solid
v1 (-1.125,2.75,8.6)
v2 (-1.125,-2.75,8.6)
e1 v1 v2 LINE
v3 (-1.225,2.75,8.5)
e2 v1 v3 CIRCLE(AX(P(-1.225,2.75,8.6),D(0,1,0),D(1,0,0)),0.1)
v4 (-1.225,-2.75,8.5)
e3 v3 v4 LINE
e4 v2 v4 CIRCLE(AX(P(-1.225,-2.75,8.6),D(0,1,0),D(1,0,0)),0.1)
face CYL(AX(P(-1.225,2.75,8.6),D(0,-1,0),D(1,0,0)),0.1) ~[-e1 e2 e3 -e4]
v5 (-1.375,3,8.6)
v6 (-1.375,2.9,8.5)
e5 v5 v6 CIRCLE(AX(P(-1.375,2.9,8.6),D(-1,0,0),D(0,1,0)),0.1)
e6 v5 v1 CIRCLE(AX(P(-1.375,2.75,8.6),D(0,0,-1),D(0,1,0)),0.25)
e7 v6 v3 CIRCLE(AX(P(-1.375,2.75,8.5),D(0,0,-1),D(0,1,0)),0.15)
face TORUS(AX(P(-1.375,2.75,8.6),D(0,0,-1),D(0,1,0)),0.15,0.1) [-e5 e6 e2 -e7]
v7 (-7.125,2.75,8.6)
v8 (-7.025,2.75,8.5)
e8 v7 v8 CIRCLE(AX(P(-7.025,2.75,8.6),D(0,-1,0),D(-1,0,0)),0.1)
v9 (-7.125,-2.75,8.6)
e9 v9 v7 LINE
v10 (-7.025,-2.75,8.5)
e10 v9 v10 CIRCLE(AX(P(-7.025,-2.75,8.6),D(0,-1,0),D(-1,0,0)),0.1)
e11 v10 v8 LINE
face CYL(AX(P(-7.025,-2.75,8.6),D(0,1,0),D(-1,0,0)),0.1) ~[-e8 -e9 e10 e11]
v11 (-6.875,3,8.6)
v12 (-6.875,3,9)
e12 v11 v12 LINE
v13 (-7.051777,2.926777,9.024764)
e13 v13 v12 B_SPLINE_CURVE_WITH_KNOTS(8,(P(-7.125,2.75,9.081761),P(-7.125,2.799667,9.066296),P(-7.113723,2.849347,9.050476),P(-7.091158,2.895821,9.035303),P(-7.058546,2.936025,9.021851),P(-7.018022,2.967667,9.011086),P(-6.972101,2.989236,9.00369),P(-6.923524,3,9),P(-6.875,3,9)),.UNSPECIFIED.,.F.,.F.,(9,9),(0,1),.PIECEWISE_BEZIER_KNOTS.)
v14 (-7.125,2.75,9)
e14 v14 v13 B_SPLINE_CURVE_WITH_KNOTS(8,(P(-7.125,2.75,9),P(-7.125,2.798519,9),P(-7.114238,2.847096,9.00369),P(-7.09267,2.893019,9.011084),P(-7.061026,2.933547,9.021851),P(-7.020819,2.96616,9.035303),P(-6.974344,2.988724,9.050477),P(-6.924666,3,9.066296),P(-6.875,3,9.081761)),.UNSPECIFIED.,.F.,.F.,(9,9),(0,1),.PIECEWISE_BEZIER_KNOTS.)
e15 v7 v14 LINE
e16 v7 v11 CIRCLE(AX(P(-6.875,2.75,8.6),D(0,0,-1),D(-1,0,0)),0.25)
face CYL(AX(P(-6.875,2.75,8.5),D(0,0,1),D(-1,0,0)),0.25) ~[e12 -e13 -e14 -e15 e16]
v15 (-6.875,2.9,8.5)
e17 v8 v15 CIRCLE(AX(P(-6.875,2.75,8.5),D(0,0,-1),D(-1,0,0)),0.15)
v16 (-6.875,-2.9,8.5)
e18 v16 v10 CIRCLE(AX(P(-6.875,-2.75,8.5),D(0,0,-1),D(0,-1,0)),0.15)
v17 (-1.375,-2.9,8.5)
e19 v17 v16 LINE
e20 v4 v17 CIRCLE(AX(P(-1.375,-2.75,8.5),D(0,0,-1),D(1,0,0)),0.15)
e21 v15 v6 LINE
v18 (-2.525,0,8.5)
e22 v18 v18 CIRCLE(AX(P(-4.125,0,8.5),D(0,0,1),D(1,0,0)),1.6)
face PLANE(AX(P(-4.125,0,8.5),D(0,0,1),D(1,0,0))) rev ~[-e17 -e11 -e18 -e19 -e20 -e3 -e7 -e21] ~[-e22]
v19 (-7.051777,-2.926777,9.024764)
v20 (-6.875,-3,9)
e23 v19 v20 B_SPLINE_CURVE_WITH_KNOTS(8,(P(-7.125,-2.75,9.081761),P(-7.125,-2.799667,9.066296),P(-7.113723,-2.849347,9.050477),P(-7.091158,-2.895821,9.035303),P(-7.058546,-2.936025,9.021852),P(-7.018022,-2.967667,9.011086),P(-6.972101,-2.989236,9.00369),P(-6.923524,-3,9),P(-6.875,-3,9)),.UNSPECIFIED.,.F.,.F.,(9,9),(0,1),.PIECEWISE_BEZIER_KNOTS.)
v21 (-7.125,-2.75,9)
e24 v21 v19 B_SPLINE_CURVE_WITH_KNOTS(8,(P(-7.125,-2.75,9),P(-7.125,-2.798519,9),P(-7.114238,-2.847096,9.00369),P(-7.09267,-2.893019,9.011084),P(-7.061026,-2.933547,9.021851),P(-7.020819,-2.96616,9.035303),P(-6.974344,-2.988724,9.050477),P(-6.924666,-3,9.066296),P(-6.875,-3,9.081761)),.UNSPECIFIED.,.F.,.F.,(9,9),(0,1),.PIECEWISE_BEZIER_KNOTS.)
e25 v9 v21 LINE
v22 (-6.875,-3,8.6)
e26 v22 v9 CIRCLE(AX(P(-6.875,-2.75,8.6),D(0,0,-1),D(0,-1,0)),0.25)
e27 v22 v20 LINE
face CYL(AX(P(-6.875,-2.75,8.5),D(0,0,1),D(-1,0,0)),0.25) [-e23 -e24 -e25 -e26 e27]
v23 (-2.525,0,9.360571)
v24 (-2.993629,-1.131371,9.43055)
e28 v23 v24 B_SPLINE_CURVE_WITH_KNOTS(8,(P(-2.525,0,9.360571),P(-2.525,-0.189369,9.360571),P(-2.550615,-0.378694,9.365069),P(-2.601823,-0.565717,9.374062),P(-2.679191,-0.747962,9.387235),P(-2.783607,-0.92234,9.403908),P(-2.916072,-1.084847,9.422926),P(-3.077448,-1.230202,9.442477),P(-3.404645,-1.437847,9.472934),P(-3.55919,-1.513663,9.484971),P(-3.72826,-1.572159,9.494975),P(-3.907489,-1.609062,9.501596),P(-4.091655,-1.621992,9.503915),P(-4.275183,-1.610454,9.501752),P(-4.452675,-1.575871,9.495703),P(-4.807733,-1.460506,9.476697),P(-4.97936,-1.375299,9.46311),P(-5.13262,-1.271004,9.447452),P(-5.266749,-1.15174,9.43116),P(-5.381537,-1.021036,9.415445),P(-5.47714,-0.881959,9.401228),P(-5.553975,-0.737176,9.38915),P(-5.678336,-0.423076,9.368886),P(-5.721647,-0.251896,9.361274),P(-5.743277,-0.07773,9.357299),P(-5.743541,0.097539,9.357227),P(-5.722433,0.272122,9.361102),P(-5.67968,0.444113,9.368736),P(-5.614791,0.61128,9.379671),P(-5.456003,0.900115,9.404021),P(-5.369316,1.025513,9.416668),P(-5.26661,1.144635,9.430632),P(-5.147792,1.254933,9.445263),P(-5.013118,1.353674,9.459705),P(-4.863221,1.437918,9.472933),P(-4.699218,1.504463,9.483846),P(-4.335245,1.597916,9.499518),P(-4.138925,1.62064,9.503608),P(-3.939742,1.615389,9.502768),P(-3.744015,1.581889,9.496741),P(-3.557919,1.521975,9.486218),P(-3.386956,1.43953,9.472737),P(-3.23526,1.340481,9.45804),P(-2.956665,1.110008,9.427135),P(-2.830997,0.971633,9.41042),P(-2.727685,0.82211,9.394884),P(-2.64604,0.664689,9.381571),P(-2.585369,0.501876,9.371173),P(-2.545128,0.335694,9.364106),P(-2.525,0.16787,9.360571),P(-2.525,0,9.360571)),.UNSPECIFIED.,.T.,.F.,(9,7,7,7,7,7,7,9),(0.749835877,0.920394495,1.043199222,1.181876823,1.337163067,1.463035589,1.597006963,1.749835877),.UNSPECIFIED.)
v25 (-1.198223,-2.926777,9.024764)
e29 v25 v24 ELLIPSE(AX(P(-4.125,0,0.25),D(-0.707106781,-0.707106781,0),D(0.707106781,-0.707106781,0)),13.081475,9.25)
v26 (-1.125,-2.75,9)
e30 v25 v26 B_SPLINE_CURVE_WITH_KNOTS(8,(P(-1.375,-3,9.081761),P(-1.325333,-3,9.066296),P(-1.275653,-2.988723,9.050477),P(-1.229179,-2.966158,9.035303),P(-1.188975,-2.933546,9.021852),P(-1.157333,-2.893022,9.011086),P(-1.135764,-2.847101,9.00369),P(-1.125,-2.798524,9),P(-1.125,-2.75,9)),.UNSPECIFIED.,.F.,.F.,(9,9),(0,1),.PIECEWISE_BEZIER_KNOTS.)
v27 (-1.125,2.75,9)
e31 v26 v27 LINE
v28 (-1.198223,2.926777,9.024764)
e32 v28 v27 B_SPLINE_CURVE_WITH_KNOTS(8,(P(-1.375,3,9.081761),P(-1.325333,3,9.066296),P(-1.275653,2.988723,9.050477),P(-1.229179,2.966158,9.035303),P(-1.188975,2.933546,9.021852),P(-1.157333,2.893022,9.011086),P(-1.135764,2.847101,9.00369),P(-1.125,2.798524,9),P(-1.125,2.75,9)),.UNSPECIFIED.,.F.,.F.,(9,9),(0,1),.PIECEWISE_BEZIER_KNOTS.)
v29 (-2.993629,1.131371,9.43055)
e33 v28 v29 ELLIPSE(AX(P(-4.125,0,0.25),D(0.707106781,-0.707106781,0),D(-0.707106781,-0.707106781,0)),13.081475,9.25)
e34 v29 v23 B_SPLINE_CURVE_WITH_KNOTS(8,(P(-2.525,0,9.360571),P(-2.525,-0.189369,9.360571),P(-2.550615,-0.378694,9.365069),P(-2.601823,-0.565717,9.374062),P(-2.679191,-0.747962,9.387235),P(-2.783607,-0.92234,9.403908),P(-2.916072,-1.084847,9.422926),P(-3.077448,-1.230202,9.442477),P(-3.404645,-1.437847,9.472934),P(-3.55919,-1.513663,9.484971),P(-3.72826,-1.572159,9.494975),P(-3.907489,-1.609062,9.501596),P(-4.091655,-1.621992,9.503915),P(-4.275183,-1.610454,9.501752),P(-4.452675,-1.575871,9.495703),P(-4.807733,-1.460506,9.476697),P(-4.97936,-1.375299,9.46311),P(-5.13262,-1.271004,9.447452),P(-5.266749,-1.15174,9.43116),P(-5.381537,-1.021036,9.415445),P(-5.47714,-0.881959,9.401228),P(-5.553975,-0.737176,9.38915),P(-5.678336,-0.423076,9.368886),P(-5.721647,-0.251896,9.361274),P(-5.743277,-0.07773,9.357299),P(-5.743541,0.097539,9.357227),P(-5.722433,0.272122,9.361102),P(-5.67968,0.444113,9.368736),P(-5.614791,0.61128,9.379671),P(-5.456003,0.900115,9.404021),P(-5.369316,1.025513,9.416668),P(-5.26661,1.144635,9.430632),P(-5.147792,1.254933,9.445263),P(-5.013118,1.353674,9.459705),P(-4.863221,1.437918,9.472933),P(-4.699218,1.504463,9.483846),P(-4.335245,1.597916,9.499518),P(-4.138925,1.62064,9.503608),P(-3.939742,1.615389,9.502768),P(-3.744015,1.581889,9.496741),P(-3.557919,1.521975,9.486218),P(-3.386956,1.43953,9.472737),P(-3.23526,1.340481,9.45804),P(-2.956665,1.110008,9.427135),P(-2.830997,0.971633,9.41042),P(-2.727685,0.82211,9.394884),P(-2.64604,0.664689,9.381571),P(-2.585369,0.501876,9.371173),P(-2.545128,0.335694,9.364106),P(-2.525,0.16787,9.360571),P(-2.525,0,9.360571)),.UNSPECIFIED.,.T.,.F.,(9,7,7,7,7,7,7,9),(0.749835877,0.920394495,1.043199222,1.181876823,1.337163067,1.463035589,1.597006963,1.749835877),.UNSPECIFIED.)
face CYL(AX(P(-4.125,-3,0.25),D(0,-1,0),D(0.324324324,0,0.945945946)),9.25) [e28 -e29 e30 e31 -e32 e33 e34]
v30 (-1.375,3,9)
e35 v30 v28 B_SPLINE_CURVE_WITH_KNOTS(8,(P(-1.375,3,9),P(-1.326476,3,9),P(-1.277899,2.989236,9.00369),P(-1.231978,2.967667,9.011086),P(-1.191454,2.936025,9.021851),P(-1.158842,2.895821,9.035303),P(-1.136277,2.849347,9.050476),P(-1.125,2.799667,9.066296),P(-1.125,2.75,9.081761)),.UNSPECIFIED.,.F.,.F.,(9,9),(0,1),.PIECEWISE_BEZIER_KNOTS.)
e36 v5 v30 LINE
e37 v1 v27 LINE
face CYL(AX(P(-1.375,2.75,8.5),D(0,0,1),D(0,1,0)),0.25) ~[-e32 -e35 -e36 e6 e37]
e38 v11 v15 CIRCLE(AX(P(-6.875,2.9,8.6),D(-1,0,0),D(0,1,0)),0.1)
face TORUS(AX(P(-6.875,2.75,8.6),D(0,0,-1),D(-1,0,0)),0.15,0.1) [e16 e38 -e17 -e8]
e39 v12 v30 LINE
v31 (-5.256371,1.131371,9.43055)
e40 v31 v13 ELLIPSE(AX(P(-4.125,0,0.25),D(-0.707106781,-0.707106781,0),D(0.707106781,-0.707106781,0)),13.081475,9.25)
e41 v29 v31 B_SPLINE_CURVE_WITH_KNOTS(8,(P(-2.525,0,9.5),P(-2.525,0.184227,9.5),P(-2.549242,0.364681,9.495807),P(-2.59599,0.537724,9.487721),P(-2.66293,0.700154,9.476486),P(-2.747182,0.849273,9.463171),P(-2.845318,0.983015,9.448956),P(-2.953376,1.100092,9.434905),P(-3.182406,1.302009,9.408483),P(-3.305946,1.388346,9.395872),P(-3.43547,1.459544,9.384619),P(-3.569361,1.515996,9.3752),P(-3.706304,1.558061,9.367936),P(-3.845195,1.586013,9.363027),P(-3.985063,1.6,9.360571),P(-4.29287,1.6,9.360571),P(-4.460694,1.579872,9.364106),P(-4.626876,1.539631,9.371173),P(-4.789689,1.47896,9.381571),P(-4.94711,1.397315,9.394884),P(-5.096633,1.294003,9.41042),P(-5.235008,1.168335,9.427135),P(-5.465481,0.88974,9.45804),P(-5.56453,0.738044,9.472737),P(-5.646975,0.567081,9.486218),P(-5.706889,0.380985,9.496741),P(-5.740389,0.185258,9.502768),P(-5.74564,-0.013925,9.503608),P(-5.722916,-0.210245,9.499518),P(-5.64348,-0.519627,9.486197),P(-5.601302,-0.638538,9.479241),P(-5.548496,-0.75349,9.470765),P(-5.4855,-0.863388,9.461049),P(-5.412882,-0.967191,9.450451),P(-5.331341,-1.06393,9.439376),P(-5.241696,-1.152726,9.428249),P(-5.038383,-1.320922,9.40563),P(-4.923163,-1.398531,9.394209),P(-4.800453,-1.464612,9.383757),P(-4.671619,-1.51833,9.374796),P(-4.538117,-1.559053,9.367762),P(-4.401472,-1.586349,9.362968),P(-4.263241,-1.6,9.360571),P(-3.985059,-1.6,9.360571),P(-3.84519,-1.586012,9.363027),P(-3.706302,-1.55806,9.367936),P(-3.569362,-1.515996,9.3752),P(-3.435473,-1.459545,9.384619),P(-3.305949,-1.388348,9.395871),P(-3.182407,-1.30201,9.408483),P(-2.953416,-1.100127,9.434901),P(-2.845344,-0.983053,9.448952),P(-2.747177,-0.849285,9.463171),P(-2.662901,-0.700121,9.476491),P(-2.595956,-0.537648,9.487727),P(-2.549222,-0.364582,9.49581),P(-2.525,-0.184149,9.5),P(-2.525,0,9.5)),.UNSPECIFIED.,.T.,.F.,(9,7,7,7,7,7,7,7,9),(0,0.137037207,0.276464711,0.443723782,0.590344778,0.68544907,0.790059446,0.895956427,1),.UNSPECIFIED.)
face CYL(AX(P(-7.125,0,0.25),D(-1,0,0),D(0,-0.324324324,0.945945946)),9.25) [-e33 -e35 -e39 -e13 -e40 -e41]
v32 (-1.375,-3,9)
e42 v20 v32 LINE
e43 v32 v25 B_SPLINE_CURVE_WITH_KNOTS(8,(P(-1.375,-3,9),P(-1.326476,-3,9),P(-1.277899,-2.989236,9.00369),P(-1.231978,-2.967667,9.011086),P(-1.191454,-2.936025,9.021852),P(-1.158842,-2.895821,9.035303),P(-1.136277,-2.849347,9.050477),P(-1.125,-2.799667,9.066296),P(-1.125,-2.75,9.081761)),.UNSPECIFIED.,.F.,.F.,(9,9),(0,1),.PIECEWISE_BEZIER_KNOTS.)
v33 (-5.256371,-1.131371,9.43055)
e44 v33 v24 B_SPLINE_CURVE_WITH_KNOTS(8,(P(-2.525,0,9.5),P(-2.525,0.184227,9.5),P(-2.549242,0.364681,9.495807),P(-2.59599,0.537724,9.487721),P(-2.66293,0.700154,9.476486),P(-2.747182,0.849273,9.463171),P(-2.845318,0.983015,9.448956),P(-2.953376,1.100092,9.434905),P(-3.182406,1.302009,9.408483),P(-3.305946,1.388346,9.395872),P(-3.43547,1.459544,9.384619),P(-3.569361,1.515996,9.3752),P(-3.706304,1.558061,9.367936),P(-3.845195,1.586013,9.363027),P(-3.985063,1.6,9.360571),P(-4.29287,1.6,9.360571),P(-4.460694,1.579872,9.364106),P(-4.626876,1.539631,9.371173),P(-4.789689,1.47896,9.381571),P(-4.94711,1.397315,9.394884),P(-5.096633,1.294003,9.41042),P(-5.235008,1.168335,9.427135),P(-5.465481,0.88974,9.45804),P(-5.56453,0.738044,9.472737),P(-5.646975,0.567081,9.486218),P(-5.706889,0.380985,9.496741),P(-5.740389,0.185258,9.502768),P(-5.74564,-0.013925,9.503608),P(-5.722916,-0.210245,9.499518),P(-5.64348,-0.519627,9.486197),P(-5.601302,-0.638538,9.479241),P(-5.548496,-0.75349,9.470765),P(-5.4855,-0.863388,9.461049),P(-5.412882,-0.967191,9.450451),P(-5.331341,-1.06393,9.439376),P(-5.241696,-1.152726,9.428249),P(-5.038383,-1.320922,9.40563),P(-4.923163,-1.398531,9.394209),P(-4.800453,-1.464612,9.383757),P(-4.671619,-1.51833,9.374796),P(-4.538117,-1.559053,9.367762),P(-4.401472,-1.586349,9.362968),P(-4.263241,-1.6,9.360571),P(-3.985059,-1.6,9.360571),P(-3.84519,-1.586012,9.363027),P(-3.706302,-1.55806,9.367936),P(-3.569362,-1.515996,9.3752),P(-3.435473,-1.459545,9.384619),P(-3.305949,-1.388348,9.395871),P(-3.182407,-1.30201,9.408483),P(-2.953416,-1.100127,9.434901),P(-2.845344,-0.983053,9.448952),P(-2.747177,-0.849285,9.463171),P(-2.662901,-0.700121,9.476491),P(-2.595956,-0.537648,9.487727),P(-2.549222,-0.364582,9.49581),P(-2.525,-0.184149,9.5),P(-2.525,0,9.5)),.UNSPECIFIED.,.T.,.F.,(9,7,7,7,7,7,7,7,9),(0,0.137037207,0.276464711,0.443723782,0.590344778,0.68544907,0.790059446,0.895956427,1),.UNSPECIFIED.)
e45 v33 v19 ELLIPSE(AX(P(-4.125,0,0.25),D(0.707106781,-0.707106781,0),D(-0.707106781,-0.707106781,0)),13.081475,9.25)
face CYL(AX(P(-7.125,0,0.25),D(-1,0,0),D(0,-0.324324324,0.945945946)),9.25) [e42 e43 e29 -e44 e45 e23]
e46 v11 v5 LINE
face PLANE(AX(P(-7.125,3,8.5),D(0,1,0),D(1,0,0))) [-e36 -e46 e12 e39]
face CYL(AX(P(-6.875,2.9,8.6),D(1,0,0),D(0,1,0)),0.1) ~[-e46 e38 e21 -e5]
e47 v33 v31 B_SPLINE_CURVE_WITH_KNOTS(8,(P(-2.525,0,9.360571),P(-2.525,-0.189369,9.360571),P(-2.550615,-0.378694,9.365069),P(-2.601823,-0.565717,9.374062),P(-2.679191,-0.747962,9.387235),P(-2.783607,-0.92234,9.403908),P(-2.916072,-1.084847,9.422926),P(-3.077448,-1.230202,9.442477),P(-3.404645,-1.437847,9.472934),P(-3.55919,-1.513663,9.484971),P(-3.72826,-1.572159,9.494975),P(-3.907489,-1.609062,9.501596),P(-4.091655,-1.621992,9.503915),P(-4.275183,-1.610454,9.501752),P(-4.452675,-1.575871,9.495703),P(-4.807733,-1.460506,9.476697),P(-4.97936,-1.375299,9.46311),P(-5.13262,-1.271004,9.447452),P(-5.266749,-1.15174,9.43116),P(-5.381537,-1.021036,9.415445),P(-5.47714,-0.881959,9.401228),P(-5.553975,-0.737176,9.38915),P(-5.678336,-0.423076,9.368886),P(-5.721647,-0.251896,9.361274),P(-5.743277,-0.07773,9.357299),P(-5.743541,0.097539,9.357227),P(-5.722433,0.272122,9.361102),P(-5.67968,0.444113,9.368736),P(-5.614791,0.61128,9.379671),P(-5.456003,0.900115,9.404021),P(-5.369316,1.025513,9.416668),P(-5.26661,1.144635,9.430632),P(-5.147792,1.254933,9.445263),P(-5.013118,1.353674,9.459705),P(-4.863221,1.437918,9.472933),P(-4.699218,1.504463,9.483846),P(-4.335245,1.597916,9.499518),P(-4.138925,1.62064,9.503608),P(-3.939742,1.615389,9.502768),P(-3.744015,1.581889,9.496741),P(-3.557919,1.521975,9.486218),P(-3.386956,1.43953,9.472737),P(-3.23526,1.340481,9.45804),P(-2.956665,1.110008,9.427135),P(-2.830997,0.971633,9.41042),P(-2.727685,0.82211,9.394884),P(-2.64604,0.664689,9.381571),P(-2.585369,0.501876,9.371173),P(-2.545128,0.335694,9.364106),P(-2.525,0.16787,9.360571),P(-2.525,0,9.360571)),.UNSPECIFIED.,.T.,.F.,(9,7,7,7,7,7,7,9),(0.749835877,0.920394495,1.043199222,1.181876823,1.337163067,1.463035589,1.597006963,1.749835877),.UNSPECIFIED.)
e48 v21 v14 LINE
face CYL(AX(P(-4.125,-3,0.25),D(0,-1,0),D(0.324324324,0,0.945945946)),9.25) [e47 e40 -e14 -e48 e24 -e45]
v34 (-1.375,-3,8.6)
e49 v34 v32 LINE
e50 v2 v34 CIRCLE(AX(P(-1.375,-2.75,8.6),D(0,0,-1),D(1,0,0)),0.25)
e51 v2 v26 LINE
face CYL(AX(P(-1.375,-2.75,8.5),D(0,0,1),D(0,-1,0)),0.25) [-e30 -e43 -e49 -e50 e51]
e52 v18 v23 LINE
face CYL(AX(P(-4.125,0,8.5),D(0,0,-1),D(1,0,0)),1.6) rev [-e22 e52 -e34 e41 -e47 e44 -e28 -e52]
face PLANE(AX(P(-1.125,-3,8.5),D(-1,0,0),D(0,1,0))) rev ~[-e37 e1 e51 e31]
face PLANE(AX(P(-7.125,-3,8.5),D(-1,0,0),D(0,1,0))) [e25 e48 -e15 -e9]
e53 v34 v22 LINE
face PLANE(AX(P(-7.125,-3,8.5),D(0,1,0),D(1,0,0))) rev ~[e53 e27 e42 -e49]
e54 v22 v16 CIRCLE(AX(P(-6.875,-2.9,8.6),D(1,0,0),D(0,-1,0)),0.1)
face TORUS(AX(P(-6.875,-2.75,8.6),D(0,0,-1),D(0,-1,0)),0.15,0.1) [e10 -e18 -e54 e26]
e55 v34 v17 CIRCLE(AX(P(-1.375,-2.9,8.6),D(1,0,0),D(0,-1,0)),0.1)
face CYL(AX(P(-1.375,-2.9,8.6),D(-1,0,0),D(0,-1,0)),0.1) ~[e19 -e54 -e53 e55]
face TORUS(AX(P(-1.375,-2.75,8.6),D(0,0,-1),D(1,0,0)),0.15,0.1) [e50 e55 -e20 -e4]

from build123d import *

# Parameters (mm, degrees)
SKETCH011_W     = 6
SKETCH011_H     = 6
SKETCH011_R     = 1.6
PAD003_DEPTH    = 1
POCKET007_DEPTH = 6.001
POCKET008_DEPTH = 6
FILLET002_R     = 0.25
FILLET003_R     = 0.1


with BuildPart() as part:
    # Sketch011 → Pad003 (new body)
    with BuildSketch(Plane.XY.offset(8.5)):
        with Locations((-4.125, 0)):
            Rectangle(SKETCH011_W, SKETCH011_H)
        with Locations((-4.125, 0)):
            Circle(SKETCH011_R, mode=Mode.SUBTRACT)
    extrude(amount=PAD003_DEPTH)

    # Sketch012 → Pocket007 (cut, through all)
    with BuildSketch(Plane(origin=(0, -3, 8.5), x_dir=(1, 0, 0), z_dir=(0, -1, 0))):
        with BuildLine():
            ThreePointArc((-1.125, 0.5), (-4.125, 1), (-7.125, 0.5))
            Line((-7.740595, 0.5), (-7.125, 0.5))
            Line((-7.740595, 1.84364), (-7.740595, 0.5))
            Line((-7.740595, 1.84364), (-0.509405, 1.84364))
            Line((-0.509405, 1.84364), (-0.509405, 0.5))
            Line((-0.509405, 0.5), (-1.125, 0.5))
        make_face()
    extrude(amount=-POCKET007_DEPTH, mode=Mode.SUBTRACT)

    # Sketch013 → Pocket008 (cut)
    with BuildSketch(Plane(origin=(-7.125, 0, 8.5), x_dir=(0, -1, 0), z_dir=(-1, 0, 0))):
        with BuildLine():
            ThreePointArc((3, 0.5), (0, 1), (-3, 0.5))
            Line((-3.32758, 0.5), (-3, 0.5))
            Line((-3.32758, 1.60662), (-3.32758, 0.5))
            Line((-3.32758, 1.60662), (3.32758, 1.60662))
            Line((3.32758, 1.60662), (3.32758, 0.5))
            Line((3.32758, 0.5), (3, 0.5))
        make_face()
    extrude(amount=-POCKET008_DEPTH, mode=Mode.SUBTRACT)

    # Fillet002
    fillet002_edges = [part.edges().sort_by_distance(p)[0] for p in [
        (-7.125, -3, 8.75),
        (-7.125, 3, 8.75),
        (-1.125, -3, 8.75),
        (-1.125, 3, 8.75),
    ]]
    fillet(fillet002_edges, radius=FILLET002_R)

    # Fillet003
    fillet003_edges = [part.edges().sort_by_distance(p)[0] for p in [
        (-7.125, 0, 8.5),
    ]]
    fillet(fillet003_edges, radius=FILLET003_R)


solid = part.part
